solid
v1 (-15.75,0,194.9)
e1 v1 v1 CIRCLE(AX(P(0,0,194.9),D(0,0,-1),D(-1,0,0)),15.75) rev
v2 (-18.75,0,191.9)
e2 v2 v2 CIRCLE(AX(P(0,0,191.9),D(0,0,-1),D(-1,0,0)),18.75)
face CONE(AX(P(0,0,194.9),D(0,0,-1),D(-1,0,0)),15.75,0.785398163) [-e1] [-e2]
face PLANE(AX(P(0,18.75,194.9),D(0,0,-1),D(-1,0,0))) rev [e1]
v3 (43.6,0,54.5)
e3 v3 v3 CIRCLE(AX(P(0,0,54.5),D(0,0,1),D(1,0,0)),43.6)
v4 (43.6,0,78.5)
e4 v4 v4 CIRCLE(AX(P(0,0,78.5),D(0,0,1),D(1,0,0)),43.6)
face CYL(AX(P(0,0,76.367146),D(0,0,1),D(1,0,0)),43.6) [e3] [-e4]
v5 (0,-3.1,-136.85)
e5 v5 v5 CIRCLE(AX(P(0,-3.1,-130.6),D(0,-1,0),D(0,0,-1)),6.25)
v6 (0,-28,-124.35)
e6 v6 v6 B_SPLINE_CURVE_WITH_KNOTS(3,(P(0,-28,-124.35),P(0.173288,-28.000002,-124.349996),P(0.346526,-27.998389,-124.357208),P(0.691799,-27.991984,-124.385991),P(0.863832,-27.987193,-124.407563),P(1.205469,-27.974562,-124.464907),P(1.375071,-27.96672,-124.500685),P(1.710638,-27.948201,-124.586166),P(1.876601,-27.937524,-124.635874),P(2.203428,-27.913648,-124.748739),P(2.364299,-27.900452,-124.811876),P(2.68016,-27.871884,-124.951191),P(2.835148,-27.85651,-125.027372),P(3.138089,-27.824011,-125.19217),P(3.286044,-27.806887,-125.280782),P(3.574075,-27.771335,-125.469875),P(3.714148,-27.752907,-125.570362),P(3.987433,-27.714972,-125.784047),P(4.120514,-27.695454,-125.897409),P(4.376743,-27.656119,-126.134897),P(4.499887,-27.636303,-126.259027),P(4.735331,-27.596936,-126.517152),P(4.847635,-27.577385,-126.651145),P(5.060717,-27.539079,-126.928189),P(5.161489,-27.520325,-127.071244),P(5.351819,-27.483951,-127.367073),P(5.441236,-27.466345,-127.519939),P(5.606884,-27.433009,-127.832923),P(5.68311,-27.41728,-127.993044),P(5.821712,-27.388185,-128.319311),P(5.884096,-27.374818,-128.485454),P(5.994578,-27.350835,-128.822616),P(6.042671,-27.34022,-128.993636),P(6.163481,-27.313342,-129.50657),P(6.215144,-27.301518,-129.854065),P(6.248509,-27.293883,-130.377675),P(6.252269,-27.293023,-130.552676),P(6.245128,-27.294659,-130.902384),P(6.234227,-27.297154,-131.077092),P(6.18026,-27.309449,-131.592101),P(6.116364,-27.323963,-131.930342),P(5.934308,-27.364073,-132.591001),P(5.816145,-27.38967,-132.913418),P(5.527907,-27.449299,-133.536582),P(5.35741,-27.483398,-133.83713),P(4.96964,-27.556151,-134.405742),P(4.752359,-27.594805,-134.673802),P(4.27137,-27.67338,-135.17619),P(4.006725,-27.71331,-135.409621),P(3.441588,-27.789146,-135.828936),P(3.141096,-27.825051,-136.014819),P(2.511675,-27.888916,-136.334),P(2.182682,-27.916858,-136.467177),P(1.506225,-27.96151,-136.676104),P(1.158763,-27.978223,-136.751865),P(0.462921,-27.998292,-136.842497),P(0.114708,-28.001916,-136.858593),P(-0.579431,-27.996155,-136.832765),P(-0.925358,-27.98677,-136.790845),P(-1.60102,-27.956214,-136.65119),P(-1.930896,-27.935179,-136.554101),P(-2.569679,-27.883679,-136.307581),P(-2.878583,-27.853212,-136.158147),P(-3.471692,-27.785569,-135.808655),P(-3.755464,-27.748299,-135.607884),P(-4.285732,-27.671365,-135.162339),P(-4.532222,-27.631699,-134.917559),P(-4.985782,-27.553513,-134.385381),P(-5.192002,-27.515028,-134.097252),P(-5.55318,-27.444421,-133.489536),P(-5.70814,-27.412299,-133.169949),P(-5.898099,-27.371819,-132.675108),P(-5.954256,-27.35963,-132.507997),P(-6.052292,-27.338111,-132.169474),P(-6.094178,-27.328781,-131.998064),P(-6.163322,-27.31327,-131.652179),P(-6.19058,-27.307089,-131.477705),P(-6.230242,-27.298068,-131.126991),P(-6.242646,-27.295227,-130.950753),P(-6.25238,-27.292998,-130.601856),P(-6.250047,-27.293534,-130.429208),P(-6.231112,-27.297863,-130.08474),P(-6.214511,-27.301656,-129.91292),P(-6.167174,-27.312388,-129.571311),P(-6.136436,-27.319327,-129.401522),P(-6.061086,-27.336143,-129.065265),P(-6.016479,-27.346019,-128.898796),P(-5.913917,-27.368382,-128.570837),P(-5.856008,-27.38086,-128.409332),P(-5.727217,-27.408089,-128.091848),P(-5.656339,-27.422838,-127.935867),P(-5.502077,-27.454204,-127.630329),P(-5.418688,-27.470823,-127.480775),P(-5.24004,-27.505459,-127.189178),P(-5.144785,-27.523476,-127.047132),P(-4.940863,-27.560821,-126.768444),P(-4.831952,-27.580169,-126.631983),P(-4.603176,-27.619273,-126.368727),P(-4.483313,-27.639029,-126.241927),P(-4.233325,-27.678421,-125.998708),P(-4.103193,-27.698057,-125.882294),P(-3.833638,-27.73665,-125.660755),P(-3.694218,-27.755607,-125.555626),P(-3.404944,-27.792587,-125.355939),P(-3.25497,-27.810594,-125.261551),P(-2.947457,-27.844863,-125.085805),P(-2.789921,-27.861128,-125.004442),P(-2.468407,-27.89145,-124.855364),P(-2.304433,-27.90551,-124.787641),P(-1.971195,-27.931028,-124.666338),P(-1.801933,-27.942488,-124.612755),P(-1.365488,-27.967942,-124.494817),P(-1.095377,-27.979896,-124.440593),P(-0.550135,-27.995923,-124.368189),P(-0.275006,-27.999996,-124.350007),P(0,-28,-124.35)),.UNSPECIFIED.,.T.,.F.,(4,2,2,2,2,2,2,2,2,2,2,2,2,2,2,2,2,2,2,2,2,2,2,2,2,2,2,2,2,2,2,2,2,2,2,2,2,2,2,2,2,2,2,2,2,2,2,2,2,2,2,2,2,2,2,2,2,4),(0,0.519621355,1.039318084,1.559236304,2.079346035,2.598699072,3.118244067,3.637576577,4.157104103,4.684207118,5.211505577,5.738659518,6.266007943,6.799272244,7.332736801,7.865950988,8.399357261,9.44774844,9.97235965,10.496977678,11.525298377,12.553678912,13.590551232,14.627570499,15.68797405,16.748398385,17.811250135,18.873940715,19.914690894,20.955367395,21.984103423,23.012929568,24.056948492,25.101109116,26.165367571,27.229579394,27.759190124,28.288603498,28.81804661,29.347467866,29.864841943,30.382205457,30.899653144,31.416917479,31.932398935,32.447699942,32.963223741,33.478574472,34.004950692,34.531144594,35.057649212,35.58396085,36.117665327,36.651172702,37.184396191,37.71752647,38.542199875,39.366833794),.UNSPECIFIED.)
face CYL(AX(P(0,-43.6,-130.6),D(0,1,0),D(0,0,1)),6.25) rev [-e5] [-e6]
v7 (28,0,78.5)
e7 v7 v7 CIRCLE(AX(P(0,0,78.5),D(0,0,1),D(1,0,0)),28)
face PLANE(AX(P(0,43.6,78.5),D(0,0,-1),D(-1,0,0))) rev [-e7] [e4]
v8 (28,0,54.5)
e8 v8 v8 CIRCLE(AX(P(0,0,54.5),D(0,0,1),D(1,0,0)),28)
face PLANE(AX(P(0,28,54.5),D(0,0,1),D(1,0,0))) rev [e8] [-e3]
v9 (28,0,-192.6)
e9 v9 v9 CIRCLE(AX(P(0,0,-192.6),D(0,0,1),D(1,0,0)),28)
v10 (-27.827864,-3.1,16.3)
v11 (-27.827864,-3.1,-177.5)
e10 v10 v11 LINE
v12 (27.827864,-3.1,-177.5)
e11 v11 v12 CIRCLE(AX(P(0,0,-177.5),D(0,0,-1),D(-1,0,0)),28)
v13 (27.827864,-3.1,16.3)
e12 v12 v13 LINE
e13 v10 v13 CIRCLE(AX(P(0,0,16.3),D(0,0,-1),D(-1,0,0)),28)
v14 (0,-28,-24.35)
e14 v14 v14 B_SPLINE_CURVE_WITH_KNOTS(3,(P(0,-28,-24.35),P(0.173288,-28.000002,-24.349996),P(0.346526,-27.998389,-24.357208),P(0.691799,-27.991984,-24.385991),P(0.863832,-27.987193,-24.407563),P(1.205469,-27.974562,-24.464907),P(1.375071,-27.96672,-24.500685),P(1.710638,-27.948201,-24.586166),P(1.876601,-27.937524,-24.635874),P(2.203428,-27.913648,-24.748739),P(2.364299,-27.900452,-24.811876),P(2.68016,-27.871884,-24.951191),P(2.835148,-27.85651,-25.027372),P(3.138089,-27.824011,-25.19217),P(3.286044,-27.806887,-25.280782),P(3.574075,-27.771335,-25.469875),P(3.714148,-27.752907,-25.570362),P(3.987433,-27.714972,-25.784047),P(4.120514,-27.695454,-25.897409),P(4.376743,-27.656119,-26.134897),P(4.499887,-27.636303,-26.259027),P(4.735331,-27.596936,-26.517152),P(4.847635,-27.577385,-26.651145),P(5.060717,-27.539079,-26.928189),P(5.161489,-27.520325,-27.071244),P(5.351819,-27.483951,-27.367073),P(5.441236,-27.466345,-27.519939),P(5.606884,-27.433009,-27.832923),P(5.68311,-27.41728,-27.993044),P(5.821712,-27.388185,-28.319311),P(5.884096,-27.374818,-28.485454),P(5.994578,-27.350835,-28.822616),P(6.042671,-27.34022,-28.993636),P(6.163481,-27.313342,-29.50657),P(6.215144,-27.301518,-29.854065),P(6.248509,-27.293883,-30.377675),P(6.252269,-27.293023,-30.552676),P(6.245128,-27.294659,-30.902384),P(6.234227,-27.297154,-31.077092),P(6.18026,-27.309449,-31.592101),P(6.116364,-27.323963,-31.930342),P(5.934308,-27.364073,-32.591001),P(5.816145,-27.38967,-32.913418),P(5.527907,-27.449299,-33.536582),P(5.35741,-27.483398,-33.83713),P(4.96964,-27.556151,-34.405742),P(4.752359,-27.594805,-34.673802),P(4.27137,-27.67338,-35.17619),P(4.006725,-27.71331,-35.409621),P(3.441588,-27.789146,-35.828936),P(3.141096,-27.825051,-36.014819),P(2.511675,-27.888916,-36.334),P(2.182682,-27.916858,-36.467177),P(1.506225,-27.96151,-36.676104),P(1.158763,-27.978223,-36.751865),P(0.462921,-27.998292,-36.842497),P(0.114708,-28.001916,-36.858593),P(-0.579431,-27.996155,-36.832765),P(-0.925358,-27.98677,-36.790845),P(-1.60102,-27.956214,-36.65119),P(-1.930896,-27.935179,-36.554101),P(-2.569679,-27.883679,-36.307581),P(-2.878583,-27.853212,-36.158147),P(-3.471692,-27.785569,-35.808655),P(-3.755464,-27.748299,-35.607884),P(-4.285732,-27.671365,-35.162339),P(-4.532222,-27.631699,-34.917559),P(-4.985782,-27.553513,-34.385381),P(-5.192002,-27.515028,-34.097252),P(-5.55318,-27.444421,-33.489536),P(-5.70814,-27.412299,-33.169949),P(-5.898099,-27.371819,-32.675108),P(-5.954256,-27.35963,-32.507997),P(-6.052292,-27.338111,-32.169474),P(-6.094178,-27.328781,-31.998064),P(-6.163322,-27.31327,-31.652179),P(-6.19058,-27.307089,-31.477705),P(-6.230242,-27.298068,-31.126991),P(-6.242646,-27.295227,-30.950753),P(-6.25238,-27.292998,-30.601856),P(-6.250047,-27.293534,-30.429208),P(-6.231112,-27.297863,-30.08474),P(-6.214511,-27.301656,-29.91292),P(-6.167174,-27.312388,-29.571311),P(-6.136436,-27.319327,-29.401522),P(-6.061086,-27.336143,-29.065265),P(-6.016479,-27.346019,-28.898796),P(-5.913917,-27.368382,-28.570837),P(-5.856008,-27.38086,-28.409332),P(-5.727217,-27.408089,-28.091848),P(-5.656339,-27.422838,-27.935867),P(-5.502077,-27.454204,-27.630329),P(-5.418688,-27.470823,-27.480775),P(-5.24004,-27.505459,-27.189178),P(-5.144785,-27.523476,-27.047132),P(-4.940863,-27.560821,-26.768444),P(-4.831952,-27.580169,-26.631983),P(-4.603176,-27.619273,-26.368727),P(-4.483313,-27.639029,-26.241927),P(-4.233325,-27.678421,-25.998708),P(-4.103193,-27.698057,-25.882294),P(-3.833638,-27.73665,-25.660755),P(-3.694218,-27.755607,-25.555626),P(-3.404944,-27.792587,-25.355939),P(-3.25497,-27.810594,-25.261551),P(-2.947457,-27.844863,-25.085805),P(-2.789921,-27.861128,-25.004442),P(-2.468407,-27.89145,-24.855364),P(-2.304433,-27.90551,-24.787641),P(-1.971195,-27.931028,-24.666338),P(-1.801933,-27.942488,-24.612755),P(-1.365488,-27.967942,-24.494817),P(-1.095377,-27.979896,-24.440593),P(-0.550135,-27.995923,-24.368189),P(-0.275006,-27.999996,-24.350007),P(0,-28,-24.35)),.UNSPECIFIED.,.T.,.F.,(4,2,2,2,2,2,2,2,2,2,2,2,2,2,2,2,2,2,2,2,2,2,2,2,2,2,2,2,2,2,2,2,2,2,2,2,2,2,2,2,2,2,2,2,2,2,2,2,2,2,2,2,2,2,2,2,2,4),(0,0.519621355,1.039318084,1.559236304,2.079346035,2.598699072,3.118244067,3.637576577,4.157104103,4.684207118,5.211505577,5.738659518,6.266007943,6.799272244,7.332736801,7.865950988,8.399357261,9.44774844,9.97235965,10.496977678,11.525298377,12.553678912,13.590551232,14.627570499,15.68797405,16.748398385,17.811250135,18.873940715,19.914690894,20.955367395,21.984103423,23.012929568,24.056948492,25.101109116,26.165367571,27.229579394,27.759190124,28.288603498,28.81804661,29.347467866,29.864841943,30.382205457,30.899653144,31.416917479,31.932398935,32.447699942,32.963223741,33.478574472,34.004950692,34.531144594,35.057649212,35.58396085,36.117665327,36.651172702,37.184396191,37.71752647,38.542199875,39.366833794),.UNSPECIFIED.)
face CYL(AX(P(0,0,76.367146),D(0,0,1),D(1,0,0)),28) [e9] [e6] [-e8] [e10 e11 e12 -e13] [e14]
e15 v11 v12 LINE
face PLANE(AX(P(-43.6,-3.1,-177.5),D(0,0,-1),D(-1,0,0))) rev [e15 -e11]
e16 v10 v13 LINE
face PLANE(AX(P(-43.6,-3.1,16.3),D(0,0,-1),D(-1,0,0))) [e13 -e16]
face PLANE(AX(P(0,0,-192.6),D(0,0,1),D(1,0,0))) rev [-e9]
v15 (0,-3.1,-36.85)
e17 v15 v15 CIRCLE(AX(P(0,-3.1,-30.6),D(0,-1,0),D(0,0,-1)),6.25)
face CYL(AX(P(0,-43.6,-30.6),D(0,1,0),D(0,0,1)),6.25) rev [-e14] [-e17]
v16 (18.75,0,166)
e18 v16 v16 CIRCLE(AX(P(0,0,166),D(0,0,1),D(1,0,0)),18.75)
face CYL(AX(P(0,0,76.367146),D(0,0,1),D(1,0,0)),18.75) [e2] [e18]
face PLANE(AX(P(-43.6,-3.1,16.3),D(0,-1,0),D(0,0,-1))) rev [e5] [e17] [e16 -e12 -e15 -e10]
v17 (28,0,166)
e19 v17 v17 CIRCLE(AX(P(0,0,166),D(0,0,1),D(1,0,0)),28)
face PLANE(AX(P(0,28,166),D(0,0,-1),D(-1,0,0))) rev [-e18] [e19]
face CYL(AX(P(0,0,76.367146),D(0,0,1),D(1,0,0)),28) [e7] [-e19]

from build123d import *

# Parameters (mm, degrees)
CUT_EXTRUDE1_DEPTH      = 205.420962722
CUT_EXTRUDE1_DEPTH_BACK = 205.420962722
SKETCH2_W               = 193.8
SKETCH2_H               = 37.910107369
CUT_EXTRUDE2_DEPTH      = 205.420962722
CUT_EXTRUDE2_DEPTH_BACK = 205.420962722
SKETCH3_R               = 6.25
CHAMFER1_SIZE           = 3


with BuildPart() as part:
    # Sketch1 → Revolve1 (revolve)
    with BuildSketch(Plane(origin=(0, 0, 0), x_dir=(0, 0, -1), z_dir=(1, 0, 0)), mode=Mode.PRIVATE) as revolve1_sk:
        Polygon((192.6, 0), (192.6, 28), (-54.5, 28), (-54.5, 43.6), (-78.5, 43.6), (-78.5, 28), (-166, 28), (-166, 18.75), (-194.9, 18.75), (-194.9, 0), align=None)
    revolve(revolve1_sk.sketch.rotate(Axis((0, 0, 76.367145791), (0, 0, -1)), 90), axis=Axis((0, 0, 76.367145791), (0, 0, -1)))

    # Sketch2 → Cut-Extrude1 (cut, two sides: drawn at the far end of the back side and taken through both)
    with BuildSketch(Plane(origin=(0, 0, 0), x_dir=(0, 0, -1), z_dir=(1, 0, 0)).offset(-CUT_EXTRUDE1_DEPTH_BACK)):
        with Locations((80.6, 15.855053684)):
            Rectangle(SKETCH2_W, SKETCH2_H)
    extrude(amount=CUT_EXTRUDE1_DEPTH + CUT_EXTRUDE1_DEPTH_BACK, mode=Mode.SUBTRACT)

    # Sketch3 → Cut-Extrude2 (cut, two sides: drawn at the far end of the back side and taken through both)
    with BuildSketch(Plane(origin=(0, 0, 0), x_dir=(1, 0, 0), z_dir=(0, 1, 0)).offset(-CUT_EXTRUDE2_DEPTH_BACK)):
        with Locations(Location((0, 30.6, 0), (0, 0, 270))):
            Circle(SKETCH3_R)
        with Locations(Location((0, 130.6, 0), (0, 0, 270))):
            Circle(SKETCH3_R)
    extrude(amount=CUT_EXTRUDE2_DEPTH + CUT_EXTRUDE2_DEPTH_BACK, mode=Mode.SUBTRACT)

    # Chamfer1
    chamfer1_edges = [part.edges().sort_by_distance(p)[0] for p in [
        (-18.75, 0, 194.9),
    ]]
    chamfer(chamfer1_edges, length=CHAMFER1_SIZE)


solid = part.part
